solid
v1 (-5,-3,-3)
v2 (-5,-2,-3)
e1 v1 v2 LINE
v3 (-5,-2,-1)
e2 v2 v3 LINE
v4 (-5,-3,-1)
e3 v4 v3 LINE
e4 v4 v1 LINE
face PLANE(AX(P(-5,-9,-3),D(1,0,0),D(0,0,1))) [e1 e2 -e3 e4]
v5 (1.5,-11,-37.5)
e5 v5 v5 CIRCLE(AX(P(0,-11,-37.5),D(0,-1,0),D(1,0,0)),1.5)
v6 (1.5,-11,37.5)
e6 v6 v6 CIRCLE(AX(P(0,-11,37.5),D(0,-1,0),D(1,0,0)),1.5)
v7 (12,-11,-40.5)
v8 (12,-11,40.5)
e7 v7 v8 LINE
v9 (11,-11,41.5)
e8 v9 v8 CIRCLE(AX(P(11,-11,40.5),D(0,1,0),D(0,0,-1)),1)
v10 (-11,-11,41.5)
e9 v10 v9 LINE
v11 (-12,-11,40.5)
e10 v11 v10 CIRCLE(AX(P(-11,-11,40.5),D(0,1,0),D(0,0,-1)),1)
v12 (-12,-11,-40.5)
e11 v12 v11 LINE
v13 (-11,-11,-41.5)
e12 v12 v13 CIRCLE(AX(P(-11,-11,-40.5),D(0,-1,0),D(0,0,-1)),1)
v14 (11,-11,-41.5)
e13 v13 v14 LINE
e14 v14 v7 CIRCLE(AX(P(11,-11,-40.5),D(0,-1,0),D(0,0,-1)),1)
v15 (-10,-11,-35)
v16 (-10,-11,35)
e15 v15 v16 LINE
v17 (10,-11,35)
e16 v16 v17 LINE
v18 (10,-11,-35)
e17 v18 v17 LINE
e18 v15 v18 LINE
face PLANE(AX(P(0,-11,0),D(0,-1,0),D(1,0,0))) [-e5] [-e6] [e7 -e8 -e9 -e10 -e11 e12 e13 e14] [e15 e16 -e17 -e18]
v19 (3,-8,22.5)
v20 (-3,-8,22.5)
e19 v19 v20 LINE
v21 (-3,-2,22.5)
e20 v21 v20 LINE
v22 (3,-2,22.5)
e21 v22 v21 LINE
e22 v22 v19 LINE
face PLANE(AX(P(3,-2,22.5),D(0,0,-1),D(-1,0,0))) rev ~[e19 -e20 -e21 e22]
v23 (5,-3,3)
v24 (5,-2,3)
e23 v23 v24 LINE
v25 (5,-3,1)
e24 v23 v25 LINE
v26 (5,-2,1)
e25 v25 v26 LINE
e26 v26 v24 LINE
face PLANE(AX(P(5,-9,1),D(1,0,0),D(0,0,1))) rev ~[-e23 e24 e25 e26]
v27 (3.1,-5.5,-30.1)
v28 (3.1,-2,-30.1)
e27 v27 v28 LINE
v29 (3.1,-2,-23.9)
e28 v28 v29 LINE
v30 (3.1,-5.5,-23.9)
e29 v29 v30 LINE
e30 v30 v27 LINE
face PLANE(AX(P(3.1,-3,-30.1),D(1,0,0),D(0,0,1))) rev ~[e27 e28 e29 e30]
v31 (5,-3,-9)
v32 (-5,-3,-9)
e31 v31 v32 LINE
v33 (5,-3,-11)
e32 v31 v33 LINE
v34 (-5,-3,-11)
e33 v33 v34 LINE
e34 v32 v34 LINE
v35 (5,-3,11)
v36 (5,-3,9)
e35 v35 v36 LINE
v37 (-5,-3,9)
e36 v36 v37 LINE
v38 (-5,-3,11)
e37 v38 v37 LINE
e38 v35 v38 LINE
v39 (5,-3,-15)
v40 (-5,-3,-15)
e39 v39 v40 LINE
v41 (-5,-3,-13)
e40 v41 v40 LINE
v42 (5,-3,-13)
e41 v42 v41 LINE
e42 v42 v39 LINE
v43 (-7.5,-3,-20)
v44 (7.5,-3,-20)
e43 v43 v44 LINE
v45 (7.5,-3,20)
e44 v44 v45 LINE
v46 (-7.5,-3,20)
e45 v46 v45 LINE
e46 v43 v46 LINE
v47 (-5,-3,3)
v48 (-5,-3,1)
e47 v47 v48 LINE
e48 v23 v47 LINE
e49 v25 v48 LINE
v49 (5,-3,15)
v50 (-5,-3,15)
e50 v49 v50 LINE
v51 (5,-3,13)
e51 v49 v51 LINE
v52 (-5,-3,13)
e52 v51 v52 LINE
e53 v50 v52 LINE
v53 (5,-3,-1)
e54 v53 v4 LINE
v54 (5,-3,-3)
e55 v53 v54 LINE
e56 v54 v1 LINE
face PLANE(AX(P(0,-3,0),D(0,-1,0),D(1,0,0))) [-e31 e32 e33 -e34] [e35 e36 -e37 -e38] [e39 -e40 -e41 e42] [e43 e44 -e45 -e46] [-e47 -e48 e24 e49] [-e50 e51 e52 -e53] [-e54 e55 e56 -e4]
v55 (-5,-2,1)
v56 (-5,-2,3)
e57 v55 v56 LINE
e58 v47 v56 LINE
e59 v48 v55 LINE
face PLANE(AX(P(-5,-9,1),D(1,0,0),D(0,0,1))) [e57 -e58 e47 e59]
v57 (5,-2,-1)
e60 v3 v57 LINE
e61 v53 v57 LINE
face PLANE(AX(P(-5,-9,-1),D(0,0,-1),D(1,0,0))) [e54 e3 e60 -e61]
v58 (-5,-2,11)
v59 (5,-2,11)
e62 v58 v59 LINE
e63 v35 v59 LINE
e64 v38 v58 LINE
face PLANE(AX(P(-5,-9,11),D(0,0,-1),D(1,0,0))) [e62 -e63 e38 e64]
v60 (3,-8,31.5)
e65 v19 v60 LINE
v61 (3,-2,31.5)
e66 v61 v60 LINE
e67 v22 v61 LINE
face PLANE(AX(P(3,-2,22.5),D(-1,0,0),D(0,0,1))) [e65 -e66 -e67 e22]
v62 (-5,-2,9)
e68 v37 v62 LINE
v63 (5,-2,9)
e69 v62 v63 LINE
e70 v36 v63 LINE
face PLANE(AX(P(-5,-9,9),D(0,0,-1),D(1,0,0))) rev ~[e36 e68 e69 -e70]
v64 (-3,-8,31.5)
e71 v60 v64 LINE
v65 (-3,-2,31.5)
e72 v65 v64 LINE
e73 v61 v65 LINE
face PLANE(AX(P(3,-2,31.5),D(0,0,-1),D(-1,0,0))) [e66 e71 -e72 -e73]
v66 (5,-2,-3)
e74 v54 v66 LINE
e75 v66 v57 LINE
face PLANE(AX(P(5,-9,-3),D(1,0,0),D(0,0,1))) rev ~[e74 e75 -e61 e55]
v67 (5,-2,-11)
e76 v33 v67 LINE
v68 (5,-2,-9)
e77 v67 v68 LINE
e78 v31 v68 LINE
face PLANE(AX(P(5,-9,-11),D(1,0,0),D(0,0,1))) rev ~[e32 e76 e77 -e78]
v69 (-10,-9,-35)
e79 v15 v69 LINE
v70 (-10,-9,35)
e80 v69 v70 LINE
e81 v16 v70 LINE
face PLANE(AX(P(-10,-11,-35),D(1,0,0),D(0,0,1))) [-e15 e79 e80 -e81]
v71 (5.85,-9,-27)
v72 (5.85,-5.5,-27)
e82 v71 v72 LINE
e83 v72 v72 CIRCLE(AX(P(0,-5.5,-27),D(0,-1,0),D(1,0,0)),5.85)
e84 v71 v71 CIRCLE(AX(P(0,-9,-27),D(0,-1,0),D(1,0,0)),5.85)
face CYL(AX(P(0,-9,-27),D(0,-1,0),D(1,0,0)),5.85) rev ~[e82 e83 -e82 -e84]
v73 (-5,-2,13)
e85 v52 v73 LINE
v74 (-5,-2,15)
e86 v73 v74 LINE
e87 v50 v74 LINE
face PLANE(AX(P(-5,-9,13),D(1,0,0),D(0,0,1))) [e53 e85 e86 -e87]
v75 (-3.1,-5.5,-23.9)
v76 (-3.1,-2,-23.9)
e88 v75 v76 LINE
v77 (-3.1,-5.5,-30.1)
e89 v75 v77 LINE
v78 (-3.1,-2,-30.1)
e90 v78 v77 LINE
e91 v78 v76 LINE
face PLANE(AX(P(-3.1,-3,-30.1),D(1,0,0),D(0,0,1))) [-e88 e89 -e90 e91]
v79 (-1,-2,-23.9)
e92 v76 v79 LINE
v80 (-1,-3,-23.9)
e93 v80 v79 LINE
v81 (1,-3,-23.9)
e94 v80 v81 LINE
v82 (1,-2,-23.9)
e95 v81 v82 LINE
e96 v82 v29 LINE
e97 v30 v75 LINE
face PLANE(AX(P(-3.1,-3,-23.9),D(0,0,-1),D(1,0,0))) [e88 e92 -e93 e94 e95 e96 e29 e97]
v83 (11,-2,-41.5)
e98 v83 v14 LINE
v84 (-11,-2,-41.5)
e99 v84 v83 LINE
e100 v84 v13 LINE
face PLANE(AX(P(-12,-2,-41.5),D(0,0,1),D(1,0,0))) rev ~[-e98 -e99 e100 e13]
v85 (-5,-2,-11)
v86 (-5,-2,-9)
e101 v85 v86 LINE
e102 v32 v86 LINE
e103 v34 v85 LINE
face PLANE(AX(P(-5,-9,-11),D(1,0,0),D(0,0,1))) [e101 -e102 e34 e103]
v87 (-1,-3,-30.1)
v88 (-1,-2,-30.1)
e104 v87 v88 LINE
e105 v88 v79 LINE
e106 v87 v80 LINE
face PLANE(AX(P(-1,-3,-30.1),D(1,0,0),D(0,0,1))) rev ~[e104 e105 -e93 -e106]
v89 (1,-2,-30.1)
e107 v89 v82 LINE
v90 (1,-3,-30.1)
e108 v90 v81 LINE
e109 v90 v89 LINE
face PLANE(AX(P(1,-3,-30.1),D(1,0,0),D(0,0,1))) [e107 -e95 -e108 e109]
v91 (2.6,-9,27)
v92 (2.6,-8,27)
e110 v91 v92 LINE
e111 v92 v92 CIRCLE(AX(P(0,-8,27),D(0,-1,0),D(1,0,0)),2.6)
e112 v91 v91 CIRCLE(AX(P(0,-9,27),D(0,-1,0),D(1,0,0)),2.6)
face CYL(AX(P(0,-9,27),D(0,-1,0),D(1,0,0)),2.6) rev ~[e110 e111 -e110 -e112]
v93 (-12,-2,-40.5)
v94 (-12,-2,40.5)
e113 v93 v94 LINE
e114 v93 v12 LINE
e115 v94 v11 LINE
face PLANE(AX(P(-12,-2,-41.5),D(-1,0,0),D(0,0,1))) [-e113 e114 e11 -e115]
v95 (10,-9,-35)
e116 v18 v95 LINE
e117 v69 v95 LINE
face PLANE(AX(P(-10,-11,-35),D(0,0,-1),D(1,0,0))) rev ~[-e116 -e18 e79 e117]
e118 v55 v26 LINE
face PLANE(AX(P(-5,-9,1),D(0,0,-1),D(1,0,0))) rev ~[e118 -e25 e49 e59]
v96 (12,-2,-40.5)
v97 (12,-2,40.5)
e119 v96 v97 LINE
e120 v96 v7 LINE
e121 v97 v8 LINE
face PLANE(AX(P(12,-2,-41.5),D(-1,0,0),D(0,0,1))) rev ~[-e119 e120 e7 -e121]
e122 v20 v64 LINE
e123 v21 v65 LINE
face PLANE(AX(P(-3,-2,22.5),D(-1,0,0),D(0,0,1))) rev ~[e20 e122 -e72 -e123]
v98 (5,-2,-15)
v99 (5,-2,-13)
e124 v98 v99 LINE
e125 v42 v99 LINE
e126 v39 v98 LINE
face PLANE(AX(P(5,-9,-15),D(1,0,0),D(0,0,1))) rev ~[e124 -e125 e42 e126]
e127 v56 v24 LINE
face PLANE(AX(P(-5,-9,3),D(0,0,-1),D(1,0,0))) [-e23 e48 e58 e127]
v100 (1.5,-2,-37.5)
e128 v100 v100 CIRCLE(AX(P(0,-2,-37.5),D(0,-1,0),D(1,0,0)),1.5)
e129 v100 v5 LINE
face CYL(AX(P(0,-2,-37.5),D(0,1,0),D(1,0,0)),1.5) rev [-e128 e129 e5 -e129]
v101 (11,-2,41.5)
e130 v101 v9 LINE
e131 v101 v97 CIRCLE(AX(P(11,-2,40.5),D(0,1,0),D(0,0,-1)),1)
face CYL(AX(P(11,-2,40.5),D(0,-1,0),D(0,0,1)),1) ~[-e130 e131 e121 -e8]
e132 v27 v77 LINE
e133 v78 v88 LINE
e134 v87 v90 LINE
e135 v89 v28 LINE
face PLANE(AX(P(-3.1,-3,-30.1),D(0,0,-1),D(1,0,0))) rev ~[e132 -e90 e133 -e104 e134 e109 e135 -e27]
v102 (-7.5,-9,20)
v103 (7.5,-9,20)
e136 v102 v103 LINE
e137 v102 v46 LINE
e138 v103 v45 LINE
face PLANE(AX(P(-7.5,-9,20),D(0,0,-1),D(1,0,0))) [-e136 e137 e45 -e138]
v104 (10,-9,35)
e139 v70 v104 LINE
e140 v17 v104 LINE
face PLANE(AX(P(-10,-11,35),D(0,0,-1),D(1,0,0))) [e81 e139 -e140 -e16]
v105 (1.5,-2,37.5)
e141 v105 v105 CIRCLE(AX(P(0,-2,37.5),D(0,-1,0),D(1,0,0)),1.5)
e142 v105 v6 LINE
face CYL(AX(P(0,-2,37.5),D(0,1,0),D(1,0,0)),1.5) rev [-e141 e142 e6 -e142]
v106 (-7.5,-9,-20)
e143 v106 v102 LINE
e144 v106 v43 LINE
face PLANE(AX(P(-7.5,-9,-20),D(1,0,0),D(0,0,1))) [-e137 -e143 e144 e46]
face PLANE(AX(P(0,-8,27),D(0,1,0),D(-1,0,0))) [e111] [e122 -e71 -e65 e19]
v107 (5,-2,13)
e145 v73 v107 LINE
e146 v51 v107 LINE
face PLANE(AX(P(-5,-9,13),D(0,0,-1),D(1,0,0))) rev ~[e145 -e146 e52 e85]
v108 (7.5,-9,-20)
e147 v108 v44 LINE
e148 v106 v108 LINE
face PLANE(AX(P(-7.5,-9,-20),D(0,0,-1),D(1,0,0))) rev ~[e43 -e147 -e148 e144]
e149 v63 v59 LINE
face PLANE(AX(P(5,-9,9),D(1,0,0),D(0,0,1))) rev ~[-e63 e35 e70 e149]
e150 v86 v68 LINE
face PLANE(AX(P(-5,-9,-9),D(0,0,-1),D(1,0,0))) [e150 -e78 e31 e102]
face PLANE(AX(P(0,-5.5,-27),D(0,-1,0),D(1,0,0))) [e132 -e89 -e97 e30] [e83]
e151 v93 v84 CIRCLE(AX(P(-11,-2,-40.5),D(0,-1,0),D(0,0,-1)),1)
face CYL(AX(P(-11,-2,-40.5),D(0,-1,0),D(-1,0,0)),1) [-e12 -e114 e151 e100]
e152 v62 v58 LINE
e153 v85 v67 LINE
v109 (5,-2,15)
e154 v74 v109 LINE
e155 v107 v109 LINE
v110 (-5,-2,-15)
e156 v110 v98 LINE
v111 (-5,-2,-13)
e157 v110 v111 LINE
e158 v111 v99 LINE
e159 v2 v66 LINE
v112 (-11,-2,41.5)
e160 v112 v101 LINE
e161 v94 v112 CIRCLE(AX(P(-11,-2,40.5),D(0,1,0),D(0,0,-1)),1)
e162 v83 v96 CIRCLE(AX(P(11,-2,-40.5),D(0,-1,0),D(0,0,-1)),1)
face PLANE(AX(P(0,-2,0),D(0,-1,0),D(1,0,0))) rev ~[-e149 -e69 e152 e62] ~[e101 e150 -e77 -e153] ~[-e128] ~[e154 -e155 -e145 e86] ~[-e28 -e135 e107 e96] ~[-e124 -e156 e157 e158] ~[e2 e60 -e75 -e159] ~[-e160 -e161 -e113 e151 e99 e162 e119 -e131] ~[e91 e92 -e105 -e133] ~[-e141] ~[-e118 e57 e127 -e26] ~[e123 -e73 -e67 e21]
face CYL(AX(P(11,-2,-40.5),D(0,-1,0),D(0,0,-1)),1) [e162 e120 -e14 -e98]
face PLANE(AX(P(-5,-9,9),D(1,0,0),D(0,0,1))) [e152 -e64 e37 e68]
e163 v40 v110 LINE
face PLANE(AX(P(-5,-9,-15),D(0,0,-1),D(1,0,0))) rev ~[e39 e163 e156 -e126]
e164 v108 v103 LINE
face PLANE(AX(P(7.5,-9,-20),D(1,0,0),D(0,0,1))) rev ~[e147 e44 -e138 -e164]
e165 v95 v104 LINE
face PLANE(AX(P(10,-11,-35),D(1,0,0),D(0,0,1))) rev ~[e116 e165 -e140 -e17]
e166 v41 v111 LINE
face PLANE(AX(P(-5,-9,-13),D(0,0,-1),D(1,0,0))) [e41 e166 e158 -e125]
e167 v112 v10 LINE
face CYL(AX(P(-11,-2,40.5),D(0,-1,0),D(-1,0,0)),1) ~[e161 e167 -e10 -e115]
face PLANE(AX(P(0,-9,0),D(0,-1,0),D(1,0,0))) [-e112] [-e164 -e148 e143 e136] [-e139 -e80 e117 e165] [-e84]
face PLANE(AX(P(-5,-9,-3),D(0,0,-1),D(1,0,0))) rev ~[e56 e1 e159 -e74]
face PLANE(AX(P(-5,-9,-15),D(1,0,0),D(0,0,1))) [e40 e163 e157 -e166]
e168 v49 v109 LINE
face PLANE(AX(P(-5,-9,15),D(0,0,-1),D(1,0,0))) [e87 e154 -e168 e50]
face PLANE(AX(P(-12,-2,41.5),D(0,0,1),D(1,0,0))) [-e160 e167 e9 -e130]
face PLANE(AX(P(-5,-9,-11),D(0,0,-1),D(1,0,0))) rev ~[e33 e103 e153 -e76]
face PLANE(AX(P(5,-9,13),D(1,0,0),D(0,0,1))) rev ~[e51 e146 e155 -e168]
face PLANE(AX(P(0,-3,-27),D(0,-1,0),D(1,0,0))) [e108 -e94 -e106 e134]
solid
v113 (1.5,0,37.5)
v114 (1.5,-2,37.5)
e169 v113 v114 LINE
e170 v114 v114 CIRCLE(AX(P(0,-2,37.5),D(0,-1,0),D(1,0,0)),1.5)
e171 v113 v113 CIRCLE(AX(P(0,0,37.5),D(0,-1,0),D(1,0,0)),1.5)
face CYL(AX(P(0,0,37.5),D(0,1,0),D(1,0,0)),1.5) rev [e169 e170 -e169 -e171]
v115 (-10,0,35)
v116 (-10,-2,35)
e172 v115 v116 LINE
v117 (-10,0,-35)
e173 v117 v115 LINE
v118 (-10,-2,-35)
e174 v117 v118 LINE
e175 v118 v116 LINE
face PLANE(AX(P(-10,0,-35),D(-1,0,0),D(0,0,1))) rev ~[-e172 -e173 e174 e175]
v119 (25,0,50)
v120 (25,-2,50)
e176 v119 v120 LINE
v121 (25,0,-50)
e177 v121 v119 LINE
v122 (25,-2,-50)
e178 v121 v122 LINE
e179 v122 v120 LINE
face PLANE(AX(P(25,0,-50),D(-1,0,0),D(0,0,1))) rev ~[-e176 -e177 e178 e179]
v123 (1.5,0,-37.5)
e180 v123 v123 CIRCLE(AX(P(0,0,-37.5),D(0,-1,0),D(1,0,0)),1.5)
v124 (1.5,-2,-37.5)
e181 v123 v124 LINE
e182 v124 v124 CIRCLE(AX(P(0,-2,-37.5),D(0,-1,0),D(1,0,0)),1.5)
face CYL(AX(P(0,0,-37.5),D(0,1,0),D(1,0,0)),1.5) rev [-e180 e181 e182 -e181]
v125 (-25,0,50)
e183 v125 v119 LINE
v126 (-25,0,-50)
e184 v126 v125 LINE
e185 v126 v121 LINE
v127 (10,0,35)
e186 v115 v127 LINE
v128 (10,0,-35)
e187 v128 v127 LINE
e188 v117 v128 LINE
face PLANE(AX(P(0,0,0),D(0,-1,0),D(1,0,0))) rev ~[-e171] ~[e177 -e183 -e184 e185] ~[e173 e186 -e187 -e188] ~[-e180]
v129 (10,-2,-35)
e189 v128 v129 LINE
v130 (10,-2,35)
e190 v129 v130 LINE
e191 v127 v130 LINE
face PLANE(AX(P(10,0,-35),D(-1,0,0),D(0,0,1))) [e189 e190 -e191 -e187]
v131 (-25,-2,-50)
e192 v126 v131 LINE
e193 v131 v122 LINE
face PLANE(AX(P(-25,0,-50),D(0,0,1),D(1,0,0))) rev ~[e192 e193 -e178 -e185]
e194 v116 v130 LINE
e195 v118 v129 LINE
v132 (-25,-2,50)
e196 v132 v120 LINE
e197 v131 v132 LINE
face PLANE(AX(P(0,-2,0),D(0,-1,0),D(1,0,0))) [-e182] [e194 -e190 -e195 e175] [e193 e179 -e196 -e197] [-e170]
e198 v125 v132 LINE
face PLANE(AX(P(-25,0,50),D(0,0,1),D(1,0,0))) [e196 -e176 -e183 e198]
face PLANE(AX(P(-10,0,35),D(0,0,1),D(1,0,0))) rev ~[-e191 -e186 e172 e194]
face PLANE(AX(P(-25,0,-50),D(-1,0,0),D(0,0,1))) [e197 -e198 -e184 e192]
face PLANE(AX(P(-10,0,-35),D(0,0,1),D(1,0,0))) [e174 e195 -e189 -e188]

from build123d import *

# Parameters (mm, degrees)
F0_W      = 50
F0_H      = 100
F0_R      = 1.5
F0_W_2    = 20
F0_H_2    = 70
F1_DEPTH  = 2
F2_W      = 24
F2_H      = 83
F2_R      = 1.5
F3_DEPTH  = 9
F4_W      = 20
F4_H      = 70
F5_DEPTH  = 14
F7_W      = 20
F7_H      = 70
F8_DEPTH  = 7
F9_R      = 2.6
F10_DEPTH = 5
F11_W     = 6
F11_H     = 9
F12_DEPTH = 6
F13_W     = 10
F13_H     = 2
F14_DEPTH = 10
F15_W     = 15
F15_H     = 40
F16_DEPTH = 6
F17_W     = 6.2
F17_H     = 6.2
F18_DEPTH = 6
F19_W     = 2.1
F19_H     = 6.2
F20_DEPTH = 1
F21_R     = 5.85
F22_DEPTH = 3.5
F23_R     = 1


with BuildPart() as f1:
    # F0 (on Front) → F1 (new body)
    with BuildSketch(Plane.XZ):
        Rectangle(F0_W, F0_H)
        with Locations((0, -37.5)):
            Circle(F0_R, mode=Mode.SUBTRACT)
        Rectangle(F0_W_2, F0_H_2, mode=Mode.SUBTRACT)
        with Locations((0, 37.5)):
            Circle(F0_R, mode=Mode.SUBTRACT)
    extrude(amount=F1_DEPTH)


with BuildPart() as f3:
    # F2 (on face) → F3 (new body)
    with BuildSketch(Plane.XZ.offset(2)):
        Rectangle(F2_W, F2_H)
        with Locations((0, -37.5)):
            Circle(F2_R, mode=Mode.SUBTRACT)
        with Locations((0, 37.5)):
            Circle(F2_R, mode=Mode.SUBTRACT)
    extrude(amount=F3_DEPTH)

    # F4 (on face) → F5 (cut)
    with BuildSketch(Plane.XZ.offset(11)):
        Rectangle(F4_W, F4_H)
    extrude(amount=-F5_DEPTH, mode=Mode.SUBTRACT)

    # F7 (on offset) → F8 (join)
    with BuildSketch(Plane.XZ.offset(2)):
        Rectangle(F7_W, F7_H)
    extrude(amount=F8_DEPTH)

    # F9 (on face) → F10 (cut)
    with BuildSketch(Plane.XZ.offset(9)):
        with Locations((0, 27)):
            Circle(F9_R)
    extrude(amount=-F10_DEPTH, mode=Mode.SUBTRACT)

    # F11 (on face) → F12 (cut)
    with BuildSketch(Plane(origin=(0, -2, 0), x_dir=(-1, 0, 0), z_dir=(0, 1, 0))):
        with Locations((0, 27)):
            Rectangle(F11_W, F11_H)
    extrude(amount=-F12_DEPTH, mode=Mode.SUBTRACT)

    # F13 (on face) → F14 (cut)
    with BuildSketch(Plane.XZ.offset(9)):
        with Locations((0, 14)):
            Rectangle(F13_W, F13_H)
        with Locations((0, 10)):
            Rectangle(F13_W, F13_H)
        with Locations((0, 2)):
            Rectangle(F13_W, F13_H)
        with Locations((0, -2)):
            Rectangle(F13_W, F13_H)
        with Locations((0, -10)):
            Rectangle(F13_W, F13_H)
        with Locations((0, -14)):
            Rectangle(F13_W, F13_H)
    extrude(amount=-F14_DEPTH, mode=Mode.SUBTRACT)

    # F15 (on face) → F16 (cut)
    with BuildSketch(Plane.XZ.offset(9)):
        Rectangle(F15_W, F15_H)
    extrude(amount=-F16_DEPTH, mode=Mode.SUBTRACT)

    # F17 (on face) → F18 (cut)
    with BuildSketch(Plane.XZ.offset(9)):
        with Locations((0, -27)):
            Rectangle(F17_W, F17_H)
    extrude(amount=-F18_DEPTH, mode=Mode.SUBTRACT)

    # F19 (on face) → F20 (cut)
    with BuildSketch(Plane.XZ.offset(3)):
        with Locations((-2.05, -27)):
            Rectangle(F19_W, F19_H)
        with Locations((2.05, -27)):
            Rectangle(F19_W, F19_H)
    extrude(amount=-F20_DEPTH, mode=Mode.SUBTRACT)

    # F21 (on face) → F22 (cut)
    with BuildSketch(Plane.XZ.offset(9)):
        with Locations((0, -27)):
            Circle(F21_R)
    extrude(amount=-F22_DEPTH, mode=Mode.SUBTRACT)

    # F23
    f23_edges = [f3.edges().sort_by_distance(p)[0] for p in [
        (-12, -6.5, -41.5),
        (12, -6.5, -41.5),
        (-12, -6.5, 41.5),
        (12, -6.5, 41.5),
    ]]
    fillet(f23_edges, radius=F23_R)


solid = Compound([f1.part, f3.part])
